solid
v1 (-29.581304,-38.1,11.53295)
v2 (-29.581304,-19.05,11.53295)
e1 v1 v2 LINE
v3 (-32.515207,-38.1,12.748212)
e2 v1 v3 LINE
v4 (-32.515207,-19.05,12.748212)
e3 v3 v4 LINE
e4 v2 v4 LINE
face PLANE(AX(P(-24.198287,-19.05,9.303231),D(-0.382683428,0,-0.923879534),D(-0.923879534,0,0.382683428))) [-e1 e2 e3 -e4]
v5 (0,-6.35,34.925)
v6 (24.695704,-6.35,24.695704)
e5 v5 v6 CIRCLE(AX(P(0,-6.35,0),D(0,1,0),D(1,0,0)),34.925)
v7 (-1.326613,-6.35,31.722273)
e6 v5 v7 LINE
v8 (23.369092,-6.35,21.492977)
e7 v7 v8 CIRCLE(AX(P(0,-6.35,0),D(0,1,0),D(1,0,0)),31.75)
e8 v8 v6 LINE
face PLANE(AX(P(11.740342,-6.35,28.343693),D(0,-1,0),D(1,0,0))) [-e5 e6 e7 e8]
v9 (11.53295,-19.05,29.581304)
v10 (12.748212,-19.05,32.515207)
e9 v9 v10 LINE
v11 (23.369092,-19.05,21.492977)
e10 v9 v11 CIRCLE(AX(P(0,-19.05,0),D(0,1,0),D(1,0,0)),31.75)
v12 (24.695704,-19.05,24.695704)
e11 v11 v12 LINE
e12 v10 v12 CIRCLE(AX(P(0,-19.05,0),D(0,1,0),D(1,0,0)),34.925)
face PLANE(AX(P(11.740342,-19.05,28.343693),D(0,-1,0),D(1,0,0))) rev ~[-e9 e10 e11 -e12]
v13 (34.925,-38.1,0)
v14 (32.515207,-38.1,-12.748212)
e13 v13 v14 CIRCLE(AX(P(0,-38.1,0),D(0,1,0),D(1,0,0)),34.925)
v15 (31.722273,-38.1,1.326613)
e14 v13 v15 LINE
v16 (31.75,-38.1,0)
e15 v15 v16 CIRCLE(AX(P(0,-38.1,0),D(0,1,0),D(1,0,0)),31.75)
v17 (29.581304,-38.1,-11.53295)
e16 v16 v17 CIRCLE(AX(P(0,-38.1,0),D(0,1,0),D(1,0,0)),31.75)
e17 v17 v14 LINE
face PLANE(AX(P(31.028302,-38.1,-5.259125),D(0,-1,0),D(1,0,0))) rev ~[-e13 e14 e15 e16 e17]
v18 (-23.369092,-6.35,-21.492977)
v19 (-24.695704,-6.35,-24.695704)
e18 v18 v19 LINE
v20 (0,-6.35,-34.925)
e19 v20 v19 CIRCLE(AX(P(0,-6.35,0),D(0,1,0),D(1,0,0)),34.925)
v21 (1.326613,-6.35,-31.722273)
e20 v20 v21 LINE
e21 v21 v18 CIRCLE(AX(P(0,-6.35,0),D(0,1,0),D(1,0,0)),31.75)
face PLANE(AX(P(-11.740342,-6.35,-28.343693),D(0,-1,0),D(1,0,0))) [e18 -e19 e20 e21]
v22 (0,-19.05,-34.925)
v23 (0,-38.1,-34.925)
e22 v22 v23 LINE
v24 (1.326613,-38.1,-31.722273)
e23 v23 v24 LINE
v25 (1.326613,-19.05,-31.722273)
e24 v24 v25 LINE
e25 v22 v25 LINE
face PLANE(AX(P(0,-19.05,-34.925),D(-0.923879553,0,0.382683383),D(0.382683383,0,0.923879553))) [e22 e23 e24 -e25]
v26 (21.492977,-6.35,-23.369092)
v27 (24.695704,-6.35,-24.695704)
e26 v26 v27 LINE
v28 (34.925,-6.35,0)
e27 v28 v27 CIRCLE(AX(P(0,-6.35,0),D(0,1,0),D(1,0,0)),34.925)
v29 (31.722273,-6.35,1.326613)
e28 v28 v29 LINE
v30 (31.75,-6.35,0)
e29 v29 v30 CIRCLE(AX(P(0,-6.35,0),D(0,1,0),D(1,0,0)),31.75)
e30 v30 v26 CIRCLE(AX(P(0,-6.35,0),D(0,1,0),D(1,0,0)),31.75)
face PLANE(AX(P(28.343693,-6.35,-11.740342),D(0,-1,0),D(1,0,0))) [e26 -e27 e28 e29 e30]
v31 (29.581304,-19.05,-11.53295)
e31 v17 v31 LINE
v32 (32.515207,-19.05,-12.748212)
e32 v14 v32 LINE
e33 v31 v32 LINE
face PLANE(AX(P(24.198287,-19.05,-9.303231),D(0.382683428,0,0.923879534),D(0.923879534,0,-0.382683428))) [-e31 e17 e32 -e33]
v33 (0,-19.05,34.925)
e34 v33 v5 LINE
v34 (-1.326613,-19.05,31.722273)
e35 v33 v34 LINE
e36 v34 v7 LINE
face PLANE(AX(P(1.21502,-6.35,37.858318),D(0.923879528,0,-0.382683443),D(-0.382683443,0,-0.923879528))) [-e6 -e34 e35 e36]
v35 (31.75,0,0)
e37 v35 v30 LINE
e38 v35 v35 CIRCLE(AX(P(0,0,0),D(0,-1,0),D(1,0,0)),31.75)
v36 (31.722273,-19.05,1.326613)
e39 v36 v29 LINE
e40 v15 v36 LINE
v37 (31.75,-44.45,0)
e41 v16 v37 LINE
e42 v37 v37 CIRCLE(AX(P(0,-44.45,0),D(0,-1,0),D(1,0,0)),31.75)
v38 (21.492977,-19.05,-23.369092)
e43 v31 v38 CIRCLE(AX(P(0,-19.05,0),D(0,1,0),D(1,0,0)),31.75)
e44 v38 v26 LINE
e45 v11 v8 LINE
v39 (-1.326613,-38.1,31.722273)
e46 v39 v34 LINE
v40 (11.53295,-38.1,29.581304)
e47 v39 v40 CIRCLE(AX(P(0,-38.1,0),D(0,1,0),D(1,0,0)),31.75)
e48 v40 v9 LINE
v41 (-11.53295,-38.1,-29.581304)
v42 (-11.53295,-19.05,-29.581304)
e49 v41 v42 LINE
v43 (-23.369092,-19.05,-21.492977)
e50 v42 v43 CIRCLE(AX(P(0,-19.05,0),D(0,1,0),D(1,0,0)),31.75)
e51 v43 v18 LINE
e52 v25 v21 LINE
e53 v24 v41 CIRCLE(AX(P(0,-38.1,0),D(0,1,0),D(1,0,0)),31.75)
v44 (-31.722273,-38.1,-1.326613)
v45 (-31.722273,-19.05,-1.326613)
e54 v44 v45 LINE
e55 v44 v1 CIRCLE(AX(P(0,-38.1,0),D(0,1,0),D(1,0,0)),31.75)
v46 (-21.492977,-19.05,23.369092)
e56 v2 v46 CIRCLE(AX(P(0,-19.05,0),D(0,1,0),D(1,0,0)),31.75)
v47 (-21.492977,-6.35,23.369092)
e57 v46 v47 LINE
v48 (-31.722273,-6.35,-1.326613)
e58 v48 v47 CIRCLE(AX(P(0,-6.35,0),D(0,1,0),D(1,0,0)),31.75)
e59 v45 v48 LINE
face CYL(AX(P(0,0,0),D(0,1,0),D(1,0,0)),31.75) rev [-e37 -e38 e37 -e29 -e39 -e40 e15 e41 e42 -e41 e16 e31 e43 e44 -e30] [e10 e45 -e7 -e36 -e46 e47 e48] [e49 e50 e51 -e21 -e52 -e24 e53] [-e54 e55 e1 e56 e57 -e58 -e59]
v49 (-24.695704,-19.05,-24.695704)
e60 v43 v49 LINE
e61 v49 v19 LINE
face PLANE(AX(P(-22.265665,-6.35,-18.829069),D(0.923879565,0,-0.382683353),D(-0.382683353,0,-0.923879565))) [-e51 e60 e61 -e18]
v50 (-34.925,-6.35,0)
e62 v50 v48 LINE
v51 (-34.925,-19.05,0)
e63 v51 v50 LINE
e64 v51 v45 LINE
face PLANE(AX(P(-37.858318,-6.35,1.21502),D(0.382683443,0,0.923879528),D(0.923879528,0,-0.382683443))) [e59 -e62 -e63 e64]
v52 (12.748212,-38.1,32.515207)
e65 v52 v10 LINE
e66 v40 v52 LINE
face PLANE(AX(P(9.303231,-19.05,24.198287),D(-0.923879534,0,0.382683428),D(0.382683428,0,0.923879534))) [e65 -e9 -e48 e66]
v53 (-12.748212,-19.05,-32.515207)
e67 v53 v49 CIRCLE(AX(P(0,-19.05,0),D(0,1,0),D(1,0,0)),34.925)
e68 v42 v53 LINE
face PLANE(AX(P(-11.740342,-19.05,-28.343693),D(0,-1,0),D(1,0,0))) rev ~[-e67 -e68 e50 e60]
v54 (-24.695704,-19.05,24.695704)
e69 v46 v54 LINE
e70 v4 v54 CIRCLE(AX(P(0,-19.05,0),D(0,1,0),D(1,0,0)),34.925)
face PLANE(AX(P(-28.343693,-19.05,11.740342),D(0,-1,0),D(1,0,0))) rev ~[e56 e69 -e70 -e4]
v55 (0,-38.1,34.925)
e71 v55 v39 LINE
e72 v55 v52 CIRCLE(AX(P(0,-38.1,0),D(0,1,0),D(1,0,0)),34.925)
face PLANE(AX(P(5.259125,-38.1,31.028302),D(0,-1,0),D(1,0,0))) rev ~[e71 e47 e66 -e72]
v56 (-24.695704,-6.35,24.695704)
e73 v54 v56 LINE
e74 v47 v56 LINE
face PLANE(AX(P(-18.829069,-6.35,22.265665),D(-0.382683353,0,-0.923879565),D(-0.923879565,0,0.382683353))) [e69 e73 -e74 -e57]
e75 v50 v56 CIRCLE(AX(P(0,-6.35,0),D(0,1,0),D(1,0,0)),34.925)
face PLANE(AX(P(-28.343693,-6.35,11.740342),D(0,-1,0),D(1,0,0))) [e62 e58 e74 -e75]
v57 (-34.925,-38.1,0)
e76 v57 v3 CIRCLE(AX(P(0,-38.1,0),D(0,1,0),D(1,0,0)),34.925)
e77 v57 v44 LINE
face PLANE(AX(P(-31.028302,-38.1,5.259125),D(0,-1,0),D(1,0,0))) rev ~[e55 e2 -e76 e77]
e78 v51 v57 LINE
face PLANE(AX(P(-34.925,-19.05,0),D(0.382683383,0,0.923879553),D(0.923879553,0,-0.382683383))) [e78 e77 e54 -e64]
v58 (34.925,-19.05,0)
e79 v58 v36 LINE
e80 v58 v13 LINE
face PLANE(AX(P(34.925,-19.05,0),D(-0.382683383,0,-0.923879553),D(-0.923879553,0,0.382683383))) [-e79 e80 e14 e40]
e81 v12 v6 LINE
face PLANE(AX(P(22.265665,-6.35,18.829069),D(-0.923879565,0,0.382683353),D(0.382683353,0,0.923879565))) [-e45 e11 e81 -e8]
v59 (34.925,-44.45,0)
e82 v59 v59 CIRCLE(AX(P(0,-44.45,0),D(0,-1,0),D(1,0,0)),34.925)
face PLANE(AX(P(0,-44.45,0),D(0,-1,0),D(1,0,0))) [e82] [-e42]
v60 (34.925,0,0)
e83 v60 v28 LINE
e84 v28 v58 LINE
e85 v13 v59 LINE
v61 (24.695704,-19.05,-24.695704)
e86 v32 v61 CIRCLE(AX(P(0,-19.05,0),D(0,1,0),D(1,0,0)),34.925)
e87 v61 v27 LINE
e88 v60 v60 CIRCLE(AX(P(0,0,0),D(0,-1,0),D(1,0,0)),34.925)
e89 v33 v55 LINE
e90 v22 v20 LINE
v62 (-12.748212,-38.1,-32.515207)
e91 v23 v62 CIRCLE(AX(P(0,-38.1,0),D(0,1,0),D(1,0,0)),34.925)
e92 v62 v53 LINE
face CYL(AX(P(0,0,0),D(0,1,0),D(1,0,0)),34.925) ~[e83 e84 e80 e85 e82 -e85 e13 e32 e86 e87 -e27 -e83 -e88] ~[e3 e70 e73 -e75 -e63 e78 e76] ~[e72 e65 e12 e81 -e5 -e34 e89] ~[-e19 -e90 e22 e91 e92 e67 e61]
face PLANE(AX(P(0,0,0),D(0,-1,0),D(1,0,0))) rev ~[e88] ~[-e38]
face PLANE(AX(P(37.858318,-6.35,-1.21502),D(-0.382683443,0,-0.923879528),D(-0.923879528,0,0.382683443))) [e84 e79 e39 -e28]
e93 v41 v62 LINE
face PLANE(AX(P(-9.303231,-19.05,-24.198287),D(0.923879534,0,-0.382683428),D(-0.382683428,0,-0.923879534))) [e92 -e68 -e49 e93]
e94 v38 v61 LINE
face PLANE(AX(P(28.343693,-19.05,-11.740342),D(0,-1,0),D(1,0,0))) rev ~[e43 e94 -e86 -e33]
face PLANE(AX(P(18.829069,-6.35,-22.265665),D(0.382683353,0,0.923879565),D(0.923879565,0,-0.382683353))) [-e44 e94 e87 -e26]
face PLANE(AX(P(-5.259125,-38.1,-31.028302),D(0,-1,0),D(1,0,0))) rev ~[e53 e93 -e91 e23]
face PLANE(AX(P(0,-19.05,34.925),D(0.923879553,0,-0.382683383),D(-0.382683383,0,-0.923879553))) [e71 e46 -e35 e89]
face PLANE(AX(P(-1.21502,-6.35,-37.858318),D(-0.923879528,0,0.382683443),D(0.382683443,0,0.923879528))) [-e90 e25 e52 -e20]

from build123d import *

# Parameters (mm, degrees)
F0_R     = 34.925
F0_R_2   = 31.75
F1_DEPTH = 44.45
F5_DEPTH = 12.7
F8_DEPTH = 19.05


with BuildPart() as f1:
    # F0 (on Front) → F1 (new body)
    with BuildSketch(Plane.XZ):
        Circle(F0_R)
        Circle(F0_R_2, mode=Mode.SUBTRACT)
    extrude(amount=F1_DEPTH)

    # F4 (on offset) → F5 (cut)
    with BuildSketch(Plane.XZ.offset(6.35)):
        Polygon((-29.058365, -2.43004), (-18.829069, 22.265665), (-27.629022, 25.910724), (-37.858318, 1.21502), align=None)
        Polygon((25.910724, 27.629022), (1.21502, 37.858318), (-2.43004, 29.058365), (22.265665, 18.829069), align=None)
        Polygon((29.058365, 2.43004), (18.829069, -22.265665), (27.629022, -25.910724), (37.858318, -1.21502), align=None)
        Polygon((2.43004, -29.058365), (-22.265665, -18.829069), (-25.910724, -27.629022), (-1.21502, -37.858318), align=None)
    extrude(amount=F5_DEPTH, mode=Mode.SUBTRACT)

    # F7 (on offset) → F8 (cut)
    with BuildSketch(Plane.XZ.offset(19.05)):
        Polygon((0, 34.925), (-2.430039, 29.058366), (9.303231, 24.198287), (12.94829, 32.998238), (1.21502, 37.858318), align=None)
        Polygon((-34.925, 0), (-29.058366, -2.430039), (-24.198287, 9.303231), (-32.998238, 12.94829), (-37.858318, 1.21502), align=None)
        Polygon((0, -34.925), (2.430039, -29.058366), (-9.303231, -24.198287), (-12.94829, -32.998238), (-1.21502, -37.858318), align=None)
        Polygon((34.925, 0), (29.058366, 2.430039), (24.198287, -9.303231), (32.998238, -12.94829), (37.858318, -1.21502), align=None)
    extrude(amount=F8_DEPTH, mode=Mode.SUBTRACT)


solid = f1.part
